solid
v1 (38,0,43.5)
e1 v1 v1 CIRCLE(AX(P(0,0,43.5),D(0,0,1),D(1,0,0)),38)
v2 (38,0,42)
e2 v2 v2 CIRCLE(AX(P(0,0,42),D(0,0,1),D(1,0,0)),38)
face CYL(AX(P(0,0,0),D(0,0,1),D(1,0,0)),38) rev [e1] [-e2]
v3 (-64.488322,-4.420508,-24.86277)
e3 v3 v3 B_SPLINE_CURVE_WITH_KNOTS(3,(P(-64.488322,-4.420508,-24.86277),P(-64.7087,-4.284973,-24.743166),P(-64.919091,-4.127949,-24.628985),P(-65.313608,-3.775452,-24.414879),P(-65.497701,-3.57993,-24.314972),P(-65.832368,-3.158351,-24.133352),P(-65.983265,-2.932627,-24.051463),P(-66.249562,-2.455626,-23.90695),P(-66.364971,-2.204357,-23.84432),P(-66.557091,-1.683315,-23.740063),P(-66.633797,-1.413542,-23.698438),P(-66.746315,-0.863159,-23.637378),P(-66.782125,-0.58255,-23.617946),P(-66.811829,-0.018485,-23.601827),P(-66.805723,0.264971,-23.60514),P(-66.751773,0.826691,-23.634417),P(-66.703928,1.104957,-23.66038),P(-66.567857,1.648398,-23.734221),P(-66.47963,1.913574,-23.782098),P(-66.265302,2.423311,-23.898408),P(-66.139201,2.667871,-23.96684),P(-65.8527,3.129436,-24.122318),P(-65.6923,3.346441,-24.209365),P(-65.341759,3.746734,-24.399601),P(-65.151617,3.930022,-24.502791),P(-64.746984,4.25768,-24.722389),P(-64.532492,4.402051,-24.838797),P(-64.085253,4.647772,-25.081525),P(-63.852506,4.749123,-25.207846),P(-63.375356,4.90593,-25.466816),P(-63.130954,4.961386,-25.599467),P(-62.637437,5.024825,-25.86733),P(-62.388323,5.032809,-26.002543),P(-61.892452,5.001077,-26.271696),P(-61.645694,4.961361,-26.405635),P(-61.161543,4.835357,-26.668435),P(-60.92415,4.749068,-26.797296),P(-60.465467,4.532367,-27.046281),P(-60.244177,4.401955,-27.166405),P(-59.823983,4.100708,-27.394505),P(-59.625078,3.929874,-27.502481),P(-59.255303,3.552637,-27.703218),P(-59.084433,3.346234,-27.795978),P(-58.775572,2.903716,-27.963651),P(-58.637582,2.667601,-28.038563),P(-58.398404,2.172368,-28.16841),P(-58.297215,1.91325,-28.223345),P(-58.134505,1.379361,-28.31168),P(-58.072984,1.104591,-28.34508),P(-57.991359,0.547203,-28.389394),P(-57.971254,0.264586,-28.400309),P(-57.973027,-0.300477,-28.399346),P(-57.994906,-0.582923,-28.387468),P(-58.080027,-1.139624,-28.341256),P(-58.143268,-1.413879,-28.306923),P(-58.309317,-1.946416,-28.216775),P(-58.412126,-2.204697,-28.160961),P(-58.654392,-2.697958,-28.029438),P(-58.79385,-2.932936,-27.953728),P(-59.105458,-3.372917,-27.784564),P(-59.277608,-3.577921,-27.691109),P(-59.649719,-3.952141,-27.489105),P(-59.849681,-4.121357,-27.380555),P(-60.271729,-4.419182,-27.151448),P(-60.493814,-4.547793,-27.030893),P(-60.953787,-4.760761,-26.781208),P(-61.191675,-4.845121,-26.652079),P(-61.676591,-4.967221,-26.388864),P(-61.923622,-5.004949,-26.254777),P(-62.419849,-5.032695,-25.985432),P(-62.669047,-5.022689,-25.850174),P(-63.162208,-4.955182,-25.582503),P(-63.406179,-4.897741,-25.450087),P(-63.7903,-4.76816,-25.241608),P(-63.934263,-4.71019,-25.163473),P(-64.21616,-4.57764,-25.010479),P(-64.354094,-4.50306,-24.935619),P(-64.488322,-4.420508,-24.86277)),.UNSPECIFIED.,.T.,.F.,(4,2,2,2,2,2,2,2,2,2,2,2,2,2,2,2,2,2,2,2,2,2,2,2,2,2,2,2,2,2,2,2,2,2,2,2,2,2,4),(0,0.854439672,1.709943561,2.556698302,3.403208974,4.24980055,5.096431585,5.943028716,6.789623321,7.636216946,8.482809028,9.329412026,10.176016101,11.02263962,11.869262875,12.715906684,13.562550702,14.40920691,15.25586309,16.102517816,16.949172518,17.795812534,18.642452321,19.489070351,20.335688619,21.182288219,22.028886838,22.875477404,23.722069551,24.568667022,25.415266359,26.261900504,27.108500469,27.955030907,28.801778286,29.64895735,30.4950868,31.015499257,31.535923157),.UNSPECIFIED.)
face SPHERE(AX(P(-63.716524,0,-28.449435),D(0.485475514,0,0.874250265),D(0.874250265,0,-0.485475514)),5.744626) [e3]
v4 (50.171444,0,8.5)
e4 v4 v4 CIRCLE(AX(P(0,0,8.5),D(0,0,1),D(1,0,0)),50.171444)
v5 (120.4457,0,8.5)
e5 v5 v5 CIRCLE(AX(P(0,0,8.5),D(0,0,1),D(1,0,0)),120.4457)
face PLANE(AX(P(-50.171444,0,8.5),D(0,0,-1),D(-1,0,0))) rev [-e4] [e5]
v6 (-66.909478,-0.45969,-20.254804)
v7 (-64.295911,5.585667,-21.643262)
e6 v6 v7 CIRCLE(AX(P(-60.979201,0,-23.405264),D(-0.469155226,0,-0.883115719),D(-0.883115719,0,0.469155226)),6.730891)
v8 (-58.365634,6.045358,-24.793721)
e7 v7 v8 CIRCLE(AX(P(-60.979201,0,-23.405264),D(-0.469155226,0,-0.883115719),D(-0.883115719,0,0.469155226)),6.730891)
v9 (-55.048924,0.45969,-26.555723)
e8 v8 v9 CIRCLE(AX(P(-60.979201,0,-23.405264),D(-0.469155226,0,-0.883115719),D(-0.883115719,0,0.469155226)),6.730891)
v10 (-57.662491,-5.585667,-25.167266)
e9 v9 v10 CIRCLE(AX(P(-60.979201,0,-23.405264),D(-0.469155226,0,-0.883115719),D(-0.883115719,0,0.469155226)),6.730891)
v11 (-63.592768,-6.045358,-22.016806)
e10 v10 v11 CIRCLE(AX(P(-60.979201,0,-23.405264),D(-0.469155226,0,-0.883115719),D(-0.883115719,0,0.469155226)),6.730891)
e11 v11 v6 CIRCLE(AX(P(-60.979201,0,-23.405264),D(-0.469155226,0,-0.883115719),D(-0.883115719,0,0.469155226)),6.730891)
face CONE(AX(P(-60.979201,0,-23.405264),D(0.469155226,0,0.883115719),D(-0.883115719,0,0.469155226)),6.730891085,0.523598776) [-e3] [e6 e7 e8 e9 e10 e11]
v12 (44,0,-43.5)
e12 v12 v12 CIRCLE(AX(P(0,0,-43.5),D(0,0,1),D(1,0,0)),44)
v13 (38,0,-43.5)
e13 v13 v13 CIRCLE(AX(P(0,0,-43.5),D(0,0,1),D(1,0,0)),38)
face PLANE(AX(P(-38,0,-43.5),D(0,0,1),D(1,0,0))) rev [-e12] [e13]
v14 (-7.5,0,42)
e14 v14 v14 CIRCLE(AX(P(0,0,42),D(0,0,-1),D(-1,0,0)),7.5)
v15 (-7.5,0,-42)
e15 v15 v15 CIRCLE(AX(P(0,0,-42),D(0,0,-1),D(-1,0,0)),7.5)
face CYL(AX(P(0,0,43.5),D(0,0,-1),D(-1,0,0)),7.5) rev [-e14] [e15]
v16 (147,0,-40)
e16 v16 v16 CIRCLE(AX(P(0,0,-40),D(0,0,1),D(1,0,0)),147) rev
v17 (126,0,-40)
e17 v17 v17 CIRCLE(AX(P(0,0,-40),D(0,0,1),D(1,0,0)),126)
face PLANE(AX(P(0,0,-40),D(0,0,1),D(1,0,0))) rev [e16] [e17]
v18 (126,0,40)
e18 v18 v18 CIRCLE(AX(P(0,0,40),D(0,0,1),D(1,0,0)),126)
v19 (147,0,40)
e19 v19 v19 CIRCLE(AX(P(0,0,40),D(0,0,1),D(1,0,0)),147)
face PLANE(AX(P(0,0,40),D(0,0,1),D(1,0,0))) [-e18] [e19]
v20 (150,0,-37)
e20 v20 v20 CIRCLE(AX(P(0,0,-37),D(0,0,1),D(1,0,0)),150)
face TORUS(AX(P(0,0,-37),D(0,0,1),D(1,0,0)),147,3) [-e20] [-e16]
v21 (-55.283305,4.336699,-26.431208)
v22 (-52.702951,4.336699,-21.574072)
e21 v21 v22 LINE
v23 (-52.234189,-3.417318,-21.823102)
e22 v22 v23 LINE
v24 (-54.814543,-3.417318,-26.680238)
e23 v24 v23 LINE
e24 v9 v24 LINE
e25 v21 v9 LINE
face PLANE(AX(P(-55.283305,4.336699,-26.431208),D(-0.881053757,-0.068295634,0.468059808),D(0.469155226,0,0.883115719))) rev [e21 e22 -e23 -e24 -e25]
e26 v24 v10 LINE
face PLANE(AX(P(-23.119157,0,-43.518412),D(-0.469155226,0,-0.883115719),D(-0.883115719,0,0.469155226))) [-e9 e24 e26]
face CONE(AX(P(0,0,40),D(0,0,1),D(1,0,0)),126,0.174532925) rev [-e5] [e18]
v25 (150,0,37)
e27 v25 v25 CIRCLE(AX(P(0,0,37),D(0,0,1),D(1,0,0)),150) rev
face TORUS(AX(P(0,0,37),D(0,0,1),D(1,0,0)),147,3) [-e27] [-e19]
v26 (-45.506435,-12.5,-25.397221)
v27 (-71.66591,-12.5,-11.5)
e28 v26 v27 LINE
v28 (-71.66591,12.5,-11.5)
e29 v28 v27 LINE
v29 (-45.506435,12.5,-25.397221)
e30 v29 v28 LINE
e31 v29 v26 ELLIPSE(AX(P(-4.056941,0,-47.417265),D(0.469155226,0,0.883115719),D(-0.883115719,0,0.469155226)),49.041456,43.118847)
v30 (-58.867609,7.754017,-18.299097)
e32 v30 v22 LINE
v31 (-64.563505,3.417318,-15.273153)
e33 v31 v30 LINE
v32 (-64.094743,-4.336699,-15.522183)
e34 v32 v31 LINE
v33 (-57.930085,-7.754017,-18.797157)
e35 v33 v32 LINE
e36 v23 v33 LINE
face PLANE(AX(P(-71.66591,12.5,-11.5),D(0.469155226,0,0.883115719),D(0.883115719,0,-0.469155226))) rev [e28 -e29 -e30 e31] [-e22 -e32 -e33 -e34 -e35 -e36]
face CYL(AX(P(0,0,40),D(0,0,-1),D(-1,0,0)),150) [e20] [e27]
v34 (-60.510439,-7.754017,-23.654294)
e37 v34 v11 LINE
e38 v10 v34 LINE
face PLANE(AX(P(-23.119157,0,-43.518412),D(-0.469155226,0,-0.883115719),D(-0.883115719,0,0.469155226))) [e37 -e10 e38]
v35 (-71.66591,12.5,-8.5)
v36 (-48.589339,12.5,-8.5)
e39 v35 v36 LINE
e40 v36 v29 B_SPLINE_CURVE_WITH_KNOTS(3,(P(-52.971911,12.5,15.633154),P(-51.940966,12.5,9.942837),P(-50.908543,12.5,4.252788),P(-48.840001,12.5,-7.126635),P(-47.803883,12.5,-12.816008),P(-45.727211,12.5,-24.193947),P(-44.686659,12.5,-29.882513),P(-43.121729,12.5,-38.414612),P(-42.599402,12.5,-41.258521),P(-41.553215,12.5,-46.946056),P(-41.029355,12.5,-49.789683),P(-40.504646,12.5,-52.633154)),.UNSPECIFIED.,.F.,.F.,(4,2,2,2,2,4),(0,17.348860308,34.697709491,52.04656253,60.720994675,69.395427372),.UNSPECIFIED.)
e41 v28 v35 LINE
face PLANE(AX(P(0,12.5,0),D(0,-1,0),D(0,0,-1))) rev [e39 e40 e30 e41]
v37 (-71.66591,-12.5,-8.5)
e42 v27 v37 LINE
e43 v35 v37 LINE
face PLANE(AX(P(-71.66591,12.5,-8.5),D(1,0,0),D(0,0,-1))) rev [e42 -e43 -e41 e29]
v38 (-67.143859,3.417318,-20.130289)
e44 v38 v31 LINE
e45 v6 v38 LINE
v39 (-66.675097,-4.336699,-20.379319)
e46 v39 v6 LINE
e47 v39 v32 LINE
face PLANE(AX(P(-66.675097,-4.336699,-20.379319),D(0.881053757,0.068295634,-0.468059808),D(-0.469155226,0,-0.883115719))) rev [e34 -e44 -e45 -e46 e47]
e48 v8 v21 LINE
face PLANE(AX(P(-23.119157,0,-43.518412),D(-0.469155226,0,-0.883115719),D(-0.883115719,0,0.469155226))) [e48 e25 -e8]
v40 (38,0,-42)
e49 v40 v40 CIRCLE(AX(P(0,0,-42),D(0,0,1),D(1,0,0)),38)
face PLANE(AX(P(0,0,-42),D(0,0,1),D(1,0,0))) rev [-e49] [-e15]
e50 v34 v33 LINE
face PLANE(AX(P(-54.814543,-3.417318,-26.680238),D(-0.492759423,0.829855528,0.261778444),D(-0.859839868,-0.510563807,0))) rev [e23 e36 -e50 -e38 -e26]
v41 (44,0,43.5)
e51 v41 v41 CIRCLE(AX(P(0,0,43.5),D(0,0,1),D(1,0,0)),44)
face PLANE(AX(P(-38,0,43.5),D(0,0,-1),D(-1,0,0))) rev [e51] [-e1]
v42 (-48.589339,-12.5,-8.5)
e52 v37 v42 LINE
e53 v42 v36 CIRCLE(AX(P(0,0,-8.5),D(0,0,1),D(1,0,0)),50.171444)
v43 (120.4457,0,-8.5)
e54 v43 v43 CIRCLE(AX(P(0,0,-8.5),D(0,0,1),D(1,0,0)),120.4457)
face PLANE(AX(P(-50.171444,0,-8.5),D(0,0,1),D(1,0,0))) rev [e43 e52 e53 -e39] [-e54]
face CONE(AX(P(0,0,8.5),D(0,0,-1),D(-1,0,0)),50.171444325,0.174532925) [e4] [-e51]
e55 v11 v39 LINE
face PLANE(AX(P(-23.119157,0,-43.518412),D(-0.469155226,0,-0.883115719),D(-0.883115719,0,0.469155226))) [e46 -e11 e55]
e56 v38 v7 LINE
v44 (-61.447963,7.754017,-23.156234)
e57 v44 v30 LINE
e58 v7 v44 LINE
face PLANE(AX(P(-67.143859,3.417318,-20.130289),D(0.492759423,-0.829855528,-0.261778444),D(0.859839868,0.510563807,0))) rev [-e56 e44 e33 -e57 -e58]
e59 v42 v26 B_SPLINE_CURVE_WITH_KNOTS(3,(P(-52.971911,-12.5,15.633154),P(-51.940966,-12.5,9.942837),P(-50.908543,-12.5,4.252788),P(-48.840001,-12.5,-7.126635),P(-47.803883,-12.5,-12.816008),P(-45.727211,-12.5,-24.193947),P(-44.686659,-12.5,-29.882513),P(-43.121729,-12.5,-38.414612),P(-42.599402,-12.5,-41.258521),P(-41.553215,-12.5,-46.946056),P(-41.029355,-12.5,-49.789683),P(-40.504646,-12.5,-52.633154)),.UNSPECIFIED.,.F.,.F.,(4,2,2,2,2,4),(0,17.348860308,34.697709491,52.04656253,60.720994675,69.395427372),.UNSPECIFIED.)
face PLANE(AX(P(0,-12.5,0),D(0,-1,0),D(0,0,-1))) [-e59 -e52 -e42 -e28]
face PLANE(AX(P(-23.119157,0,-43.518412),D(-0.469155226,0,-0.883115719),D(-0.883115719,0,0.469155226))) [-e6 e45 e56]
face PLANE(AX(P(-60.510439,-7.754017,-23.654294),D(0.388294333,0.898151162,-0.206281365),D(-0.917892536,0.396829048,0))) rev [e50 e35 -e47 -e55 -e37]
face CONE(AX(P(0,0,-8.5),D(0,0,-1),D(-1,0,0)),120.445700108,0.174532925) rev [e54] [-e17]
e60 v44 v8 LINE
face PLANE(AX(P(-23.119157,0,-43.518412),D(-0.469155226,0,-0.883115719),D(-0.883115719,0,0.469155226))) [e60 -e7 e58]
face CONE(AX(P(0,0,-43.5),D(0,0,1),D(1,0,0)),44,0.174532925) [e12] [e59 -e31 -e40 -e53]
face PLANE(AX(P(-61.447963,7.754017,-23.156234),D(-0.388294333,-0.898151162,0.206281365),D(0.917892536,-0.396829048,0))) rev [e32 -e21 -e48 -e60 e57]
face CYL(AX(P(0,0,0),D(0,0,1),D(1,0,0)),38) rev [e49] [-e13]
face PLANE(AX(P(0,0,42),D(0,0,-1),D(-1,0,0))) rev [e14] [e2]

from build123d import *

# Parameters (mm, degrees)
SKETCH1_R           = 150
SKETCH1_R_2         = 138
BOSS_EXTRUDE1_DEPTH = 40
FILLET1_R           = 3
BOSS_EXTRUDE2_DEPTH = 12.5
BOSS_EXTRUDE3_DEPTH = 5.5
SKETCH6_R           = 6.730891085
BOSS_EXTRUDE4_DEPTH = 3
BOSS_EXTRUDE4_TAPER = 30
SKETCH8_R           = 7.5
CUT_EXTRUDE1_DEPTH  = 229.714341483


with BuildPart() as part:
    # Sketch1 → Boss-Extrude1 (new, symmetric)
    with BuildSketch(Plane.XY):
        Circle(SKETCH1_R)
        Circle(SKETCH1_R_2, mode=Mode.SUBTRACT)
    extrude(amount=BOSS_EXTRUDE1_DEPTH, both=True)

    # Fillet1
    fillet1_edges = [part.edges().sort_by_distance(p)[0] for p in [
        (-150, 0, -40),
        (-150, 0, 40),
    ]]
    fillet(fillet1_edges, radius=FILLET1_R)



with BuildPart() as body_2:
    # Sketch2 → Revolve1 (revolve)
    with BuildSketch(Plane(origin=(0, 0, 0), x_dir=(1, 0, 0), z_dir=(0, 1, 0)), mode=Mode.PRIVATE) as revolve1_sk:
        Polygon((0, 42), (0, -42), (-38, -42), (-38, -43.5), (-44, -43.5), (-50.171444325, -8.5), (-120.445700108, -8.5), (-126, -40), (-138, -40), (-138, 40), (-126, 40), (-120.445700108, 8.5), (-50.171444325, 8.5), (-44, 43.5), (-38, 43.5), (-38, 42), align=None)
    revolve(revolve1_sk.sketch.rotate(Axis((0, 0, 0), (0, 0, -1)), 180), axis=Axis((0, 0, 0), (0, 0, -1)))


with BuildPart() as part_1:
    add(part.part)

    add(body_2.part)  # Boss-Extrude2 merges body 2
    # Sketch4 → Boss-Extrude2 (add, symmetric)
    with BuildSketch(Plane(origin=(0, 0, 0), x_dir=(1, 0, 0), z_dir=(0, 1, 0))):
        Polygon((-36.665910449, 28.5), (-36.665910449, 8.5), (-71.665910449, 8.5), (-71.665910449, 11.5), (-39.665910449, 28.5), align=None)
    extrude(amount=BOSS_EXTRUDE2_DEPTH, both=True)

    # Sketch5 → Boss-Extrude3 (add)
    with BuildSketch(Plane(origin=(-20.538802833, 0, -38.661275921), x_dir=(-0.8831157194574106, 0, 0.46915522596174936), z_dir=(-0.4691552259617493, 0, -0.8831157194574105))):
        Polygon((49.851566833, 3.4173178), (43.40179394, 7.754016548), (36.42121621, 4.336698747), (35.890411372, -3.4173178), (42.340184265, -7.754016548), (49.320761995, -4.336698747), align=None)
    extrude(amount=BOSS_EXTRUDE3_DEPTH)

    # Sketch6 → Boss-Extrude4 (add)
    with BuildSketch(Plane(origin=(-23.119156576, 0, -43.518412378), x_dir=(-0.8831157194574103, 0, 0.4691552259617501), z_dir=(-0.4691552259617501, 0, -0.8831157194574103))):
        with Locations((42.870989102, 0)):
            Circle(SKETCH6_R)
    extrude(amount=BOSS_EXTRUDE4_DEPTH, taper=BOSS_EXTRUDE4_TAPER)

    # Sketch7 → Revolve3 (revolve)
    with BuildSketch(Plane(origin=(0, 0, 0), x_dir=(1, 0, 0), z_dir=(0, 1, 0))):
        with BuildLine():
            ThreePointArc((-66.505399661, 33.471675934), (-60.781448215, 33.38765917), (-57.972112211, 28.399842997))
            Line((-57.972112211, 28.399842997), (-62.386666639, 26.054610957))
            Line((-62.386666639, 26.054610957), (-66.505399661, 33.471675934))
        make_face()
    revolve(axis=Axis((-62.386666639, 0, -26.054610957), (-0.4854755142964054, 0, -0.8742502645230602)))

    # Sketch8 → Cut-Extrude1 (cut, through all)
    with BuildSketch(Plane(origin=(0, 0, -42), x_dir=(-1, 0, 0), z_dir=(0, 0, -1))):
        Circle(SKETCH8_R)
    extrude(amount=-CUT_EXTRUDE1_DEPTH, mode=Mode.SUBTRACT)


solid = part_1.part
